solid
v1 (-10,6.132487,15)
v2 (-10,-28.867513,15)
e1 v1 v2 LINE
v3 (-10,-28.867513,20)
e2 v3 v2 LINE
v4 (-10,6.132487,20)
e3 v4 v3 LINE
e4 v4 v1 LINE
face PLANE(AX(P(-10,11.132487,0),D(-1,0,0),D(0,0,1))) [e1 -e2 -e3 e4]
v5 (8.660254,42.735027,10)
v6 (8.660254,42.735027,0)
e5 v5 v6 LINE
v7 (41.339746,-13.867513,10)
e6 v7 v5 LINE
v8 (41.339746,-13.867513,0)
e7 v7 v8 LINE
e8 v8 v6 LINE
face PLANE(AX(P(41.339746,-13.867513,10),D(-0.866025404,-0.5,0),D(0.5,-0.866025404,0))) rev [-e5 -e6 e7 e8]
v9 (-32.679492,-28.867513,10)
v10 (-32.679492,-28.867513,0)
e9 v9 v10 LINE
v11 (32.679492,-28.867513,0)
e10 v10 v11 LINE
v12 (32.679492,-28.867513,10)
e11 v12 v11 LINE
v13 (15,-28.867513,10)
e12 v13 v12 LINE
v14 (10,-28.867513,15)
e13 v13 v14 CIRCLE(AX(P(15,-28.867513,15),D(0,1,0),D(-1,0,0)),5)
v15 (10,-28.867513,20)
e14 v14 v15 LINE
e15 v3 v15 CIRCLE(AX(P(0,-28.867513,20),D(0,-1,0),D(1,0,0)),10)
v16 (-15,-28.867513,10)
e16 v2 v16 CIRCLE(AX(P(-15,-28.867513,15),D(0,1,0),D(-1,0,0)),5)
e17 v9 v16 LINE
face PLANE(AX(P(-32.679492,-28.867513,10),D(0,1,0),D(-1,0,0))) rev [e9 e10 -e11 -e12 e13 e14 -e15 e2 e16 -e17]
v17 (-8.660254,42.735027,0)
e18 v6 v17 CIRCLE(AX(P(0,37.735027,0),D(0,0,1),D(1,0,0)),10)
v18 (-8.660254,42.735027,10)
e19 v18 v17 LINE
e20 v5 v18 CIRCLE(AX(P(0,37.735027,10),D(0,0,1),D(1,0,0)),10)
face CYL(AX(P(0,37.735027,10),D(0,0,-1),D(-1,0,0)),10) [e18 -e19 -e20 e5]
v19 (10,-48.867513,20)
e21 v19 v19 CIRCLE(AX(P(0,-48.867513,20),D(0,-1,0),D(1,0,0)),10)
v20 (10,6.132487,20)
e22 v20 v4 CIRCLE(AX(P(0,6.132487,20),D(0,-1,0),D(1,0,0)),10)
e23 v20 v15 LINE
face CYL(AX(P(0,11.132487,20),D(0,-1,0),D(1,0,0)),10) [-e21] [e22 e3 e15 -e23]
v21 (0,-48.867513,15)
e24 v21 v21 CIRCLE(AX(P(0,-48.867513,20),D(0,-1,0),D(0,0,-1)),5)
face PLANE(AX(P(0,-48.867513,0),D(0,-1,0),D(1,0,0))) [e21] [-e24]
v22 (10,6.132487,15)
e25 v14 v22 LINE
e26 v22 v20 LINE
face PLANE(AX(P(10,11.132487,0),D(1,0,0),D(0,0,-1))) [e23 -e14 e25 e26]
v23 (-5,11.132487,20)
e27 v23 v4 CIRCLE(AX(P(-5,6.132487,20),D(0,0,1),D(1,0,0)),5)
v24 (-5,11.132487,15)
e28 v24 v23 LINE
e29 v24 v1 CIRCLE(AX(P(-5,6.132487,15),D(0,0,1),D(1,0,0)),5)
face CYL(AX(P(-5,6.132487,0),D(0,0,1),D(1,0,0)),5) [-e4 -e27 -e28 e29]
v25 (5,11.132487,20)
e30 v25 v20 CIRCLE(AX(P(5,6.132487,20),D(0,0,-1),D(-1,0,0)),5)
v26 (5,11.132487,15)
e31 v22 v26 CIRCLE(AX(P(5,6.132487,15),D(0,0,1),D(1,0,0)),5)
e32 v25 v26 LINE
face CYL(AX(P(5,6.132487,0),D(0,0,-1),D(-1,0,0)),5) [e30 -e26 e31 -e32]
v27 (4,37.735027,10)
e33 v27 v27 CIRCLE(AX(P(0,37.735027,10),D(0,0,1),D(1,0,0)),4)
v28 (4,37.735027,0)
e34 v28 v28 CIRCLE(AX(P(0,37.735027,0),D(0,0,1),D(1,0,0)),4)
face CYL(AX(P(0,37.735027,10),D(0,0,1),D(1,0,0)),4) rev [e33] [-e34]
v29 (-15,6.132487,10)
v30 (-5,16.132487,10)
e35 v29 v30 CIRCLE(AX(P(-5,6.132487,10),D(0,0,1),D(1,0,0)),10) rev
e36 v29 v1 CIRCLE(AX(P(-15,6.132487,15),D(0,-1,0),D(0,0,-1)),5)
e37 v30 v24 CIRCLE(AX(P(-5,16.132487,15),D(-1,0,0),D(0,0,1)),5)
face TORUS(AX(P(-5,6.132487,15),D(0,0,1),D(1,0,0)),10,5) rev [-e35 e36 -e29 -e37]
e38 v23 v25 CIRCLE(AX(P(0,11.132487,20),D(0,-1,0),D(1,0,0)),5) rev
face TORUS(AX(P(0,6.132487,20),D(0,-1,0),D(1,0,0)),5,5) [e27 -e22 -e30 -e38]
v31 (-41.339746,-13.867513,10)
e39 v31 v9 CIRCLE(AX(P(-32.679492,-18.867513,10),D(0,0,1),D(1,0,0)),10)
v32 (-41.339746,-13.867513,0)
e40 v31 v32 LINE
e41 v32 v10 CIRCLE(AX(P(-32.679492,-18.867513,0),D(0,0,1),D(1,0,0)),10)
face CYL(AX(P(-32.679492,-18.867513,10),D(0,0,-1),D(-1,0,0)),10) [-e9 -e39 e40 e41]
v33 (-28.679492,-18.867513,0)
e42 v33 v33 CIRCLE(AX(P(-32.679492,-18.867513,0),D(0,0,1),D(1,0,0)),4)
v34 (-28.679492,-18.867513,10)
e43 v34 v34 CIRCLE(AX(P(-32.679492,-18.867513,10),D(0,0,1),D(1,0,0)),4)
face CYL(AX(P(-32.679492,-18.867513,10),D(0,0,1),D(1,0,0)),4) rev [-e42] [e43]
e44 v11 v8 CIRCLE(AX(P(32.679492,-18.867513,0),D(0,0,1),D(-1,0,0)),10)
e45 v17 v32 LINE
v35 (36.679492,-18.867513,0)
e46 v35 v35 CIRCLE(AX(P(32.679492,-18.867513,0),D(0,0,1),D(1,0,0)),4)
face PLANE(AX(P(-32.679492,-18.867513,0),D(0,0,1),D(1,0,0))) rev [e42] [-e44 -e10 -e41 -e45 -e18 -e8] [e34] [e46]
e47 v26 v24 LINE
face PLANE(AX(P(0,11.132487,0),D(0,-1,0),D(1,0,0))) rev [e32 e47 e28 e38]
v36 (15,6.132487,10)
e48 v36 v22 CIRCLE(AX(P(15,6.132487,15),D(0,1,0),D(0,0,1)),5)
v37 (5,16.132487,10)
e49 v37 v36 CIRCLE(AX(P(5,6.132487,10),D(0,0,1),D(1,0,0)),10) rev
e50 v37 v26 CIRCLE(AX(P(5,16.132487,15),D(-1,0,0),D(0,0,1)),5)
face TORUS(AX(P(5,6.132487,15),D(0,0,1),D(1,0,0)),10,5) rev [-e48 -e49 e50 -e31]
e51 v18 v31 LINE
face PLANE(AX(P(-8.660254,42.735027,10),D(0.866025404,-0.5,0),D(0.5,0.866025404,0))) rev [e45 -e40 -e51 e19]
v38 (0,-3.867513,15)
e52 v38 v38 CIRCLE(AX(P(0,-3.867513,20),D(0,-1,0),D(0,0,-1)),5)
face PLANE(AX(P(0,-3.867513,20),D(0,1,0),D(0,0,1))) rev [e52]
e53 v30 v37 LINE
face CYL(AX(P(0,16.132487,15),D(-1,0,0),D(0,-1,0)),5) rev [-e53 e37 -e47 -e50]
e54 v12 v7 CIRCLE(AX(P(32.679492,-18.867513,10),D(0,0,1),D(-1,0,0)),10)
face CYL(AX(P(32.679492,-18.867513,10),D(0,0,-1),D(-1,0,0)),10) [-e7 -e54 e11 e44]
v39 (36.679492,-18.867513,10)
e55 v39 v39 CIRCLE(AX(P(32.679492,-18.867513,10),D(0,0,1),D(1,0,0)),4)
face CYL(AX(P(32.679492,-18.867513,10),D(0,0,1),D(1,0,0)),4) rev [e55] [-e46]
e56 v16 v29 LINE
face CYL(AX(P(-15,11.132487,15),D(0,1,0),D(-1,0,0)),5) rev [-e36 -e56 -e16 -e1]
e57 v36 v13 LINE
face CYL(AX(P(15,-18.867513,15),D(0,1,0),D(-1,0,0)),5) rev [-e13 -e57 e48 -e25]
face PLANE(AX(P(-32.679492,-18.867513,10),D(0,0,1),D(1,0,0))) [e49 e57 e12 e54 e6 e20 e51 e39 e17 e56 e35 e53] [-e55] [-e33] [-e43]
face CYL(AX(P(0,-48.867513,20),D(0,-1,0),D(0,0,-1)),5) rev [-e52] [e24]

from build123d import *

# Parameters (mm, degrees)
ESTRUSIONE_ESTRUSIONE1_DEPTH = 10
ESTRUSIONE_ESTRUSIONE2_DEPTH = 40
ESTRUSIONE_ESTRUSIONE3_START = 20
ESTRUSIONE_ESTRUSIONE3_DEPTH = 20
FORO_10_0_10_1_D             = 10
FORO_10_0_10_1_DEPTH         = 45
FORO_8_0_8_1_D               = 8
RACCORDO1_R                  = 5
RACCORDO2_R                  = 5


with BuildPart() as part:
    # Schizzo1 → Estrusione-Estrusione1 (new body)
    with BuildSketch(Plane.XY):
        with BuildLine():
            Line((41.339745962, -13.867513459), (8.660254038, 42.735026919))
            ThreePointArc((8.660254038, 42.735026919), (0, 47.735026919), (-8.660254038, 42.735026919))
            Line((-8.660254038, 42.735026919), (-41.339745962, -13.867513459))
            ThreePointArc((-41.339745962, -13.867513459), (-41.339745962, -23.867513459), (-32.679491924, -28.867513459))
            Line((-32.679491924, -28.867513459), (32.679491924, -28.867513459))
            ThreePointArc((32.679491924, -28.867513459), (41.339745962, -23.867513459), (41.339745962, -13.867513459))
        make_face()
    extrude(amount=ESTRUSIONE_ESTRUSIONE1_DEPTH)

    # Schizzo2 → Estrusione-Estrusione2 (add)
    with BuildSketch(Plane.XZ.offset(28.867513459)):
        with BuildLine():
            Line((-10, 10), (10, 10))
            Line((10, 10), (10, 20))
            ThreePointArc((10, 20), (0, 30), (-10, 20))
            Line((-10, 20), (-10, 10))
        make_face()
    extrude(amount=-ESTRUSIONE_ESTRUSIONE2_DEPTH)

    # Schizzo2<3> → Estrusione-Estrusione3 (add)
    with BuildSketch(Plane.XZ.offset(28.867513459).offset(ESTRUSIONE_ESTRUSIONE3_START)):
        with BuildLine():
            ThreePointArc((10, 20), (0, 30), (-10, 20))
            ThreePointArc((-10, 20), (-7.071067812, 12.928932188), (0, 10))
            ThreePointArc((0, 10), (7.071067812, 12.928932188), (10, 20))
        make_face()
    extrude(amount=-ESTRUSIONE_ESTRUSIONE3_DEPTH)

    # Foro Ø10.0 (10)-1
    with Locations(Plane(origin=(0, -48.867513459, 0), x_dir=(-1, 0, 0), z_dir=(0, -1, 0))):
        with Locations((0, -20)):
            Hole(FORO_10_0_10_1_D / 2, depth=FORO_10_0_10_1_DEPTH)

    # Foro Ø8.0 (8)-1 (through all)
    with Locations(Plane.XY.offset(10)):
        with Locations((0, 37.735026919), (-32.679491924, -18.867513459), (32.679491924, -18.867513459)):
            Hole(FORO_8_0_8_1_D / 2)

    # Raccordo1
    raccordo1_edges = [part.edges().sort_by_distance(p)[0] for p in [
        (10, 11.132486541, 15),
        (-10, 11.132486541, 15),
        (0, 11.132486541, 30),
    ]]
    fillet(raccordo1_edges, radius=RACCORDO1_R)

    # Raccordo2
    raccordo2_edges = [part.edges().sort_by_distance(p)[0] for p in [
        (10, -11.367513459, 10),
        (8.535533906, 9.668020446, 10),
        (0, 11.132486541, 10),
        (-8.535533906, 9.668020446, 10),
        (-10, -11.367513459, 10),
    ]]
    fillet(raccordo2_edges, radius=RACCORDO2_R)


solid = part.part
